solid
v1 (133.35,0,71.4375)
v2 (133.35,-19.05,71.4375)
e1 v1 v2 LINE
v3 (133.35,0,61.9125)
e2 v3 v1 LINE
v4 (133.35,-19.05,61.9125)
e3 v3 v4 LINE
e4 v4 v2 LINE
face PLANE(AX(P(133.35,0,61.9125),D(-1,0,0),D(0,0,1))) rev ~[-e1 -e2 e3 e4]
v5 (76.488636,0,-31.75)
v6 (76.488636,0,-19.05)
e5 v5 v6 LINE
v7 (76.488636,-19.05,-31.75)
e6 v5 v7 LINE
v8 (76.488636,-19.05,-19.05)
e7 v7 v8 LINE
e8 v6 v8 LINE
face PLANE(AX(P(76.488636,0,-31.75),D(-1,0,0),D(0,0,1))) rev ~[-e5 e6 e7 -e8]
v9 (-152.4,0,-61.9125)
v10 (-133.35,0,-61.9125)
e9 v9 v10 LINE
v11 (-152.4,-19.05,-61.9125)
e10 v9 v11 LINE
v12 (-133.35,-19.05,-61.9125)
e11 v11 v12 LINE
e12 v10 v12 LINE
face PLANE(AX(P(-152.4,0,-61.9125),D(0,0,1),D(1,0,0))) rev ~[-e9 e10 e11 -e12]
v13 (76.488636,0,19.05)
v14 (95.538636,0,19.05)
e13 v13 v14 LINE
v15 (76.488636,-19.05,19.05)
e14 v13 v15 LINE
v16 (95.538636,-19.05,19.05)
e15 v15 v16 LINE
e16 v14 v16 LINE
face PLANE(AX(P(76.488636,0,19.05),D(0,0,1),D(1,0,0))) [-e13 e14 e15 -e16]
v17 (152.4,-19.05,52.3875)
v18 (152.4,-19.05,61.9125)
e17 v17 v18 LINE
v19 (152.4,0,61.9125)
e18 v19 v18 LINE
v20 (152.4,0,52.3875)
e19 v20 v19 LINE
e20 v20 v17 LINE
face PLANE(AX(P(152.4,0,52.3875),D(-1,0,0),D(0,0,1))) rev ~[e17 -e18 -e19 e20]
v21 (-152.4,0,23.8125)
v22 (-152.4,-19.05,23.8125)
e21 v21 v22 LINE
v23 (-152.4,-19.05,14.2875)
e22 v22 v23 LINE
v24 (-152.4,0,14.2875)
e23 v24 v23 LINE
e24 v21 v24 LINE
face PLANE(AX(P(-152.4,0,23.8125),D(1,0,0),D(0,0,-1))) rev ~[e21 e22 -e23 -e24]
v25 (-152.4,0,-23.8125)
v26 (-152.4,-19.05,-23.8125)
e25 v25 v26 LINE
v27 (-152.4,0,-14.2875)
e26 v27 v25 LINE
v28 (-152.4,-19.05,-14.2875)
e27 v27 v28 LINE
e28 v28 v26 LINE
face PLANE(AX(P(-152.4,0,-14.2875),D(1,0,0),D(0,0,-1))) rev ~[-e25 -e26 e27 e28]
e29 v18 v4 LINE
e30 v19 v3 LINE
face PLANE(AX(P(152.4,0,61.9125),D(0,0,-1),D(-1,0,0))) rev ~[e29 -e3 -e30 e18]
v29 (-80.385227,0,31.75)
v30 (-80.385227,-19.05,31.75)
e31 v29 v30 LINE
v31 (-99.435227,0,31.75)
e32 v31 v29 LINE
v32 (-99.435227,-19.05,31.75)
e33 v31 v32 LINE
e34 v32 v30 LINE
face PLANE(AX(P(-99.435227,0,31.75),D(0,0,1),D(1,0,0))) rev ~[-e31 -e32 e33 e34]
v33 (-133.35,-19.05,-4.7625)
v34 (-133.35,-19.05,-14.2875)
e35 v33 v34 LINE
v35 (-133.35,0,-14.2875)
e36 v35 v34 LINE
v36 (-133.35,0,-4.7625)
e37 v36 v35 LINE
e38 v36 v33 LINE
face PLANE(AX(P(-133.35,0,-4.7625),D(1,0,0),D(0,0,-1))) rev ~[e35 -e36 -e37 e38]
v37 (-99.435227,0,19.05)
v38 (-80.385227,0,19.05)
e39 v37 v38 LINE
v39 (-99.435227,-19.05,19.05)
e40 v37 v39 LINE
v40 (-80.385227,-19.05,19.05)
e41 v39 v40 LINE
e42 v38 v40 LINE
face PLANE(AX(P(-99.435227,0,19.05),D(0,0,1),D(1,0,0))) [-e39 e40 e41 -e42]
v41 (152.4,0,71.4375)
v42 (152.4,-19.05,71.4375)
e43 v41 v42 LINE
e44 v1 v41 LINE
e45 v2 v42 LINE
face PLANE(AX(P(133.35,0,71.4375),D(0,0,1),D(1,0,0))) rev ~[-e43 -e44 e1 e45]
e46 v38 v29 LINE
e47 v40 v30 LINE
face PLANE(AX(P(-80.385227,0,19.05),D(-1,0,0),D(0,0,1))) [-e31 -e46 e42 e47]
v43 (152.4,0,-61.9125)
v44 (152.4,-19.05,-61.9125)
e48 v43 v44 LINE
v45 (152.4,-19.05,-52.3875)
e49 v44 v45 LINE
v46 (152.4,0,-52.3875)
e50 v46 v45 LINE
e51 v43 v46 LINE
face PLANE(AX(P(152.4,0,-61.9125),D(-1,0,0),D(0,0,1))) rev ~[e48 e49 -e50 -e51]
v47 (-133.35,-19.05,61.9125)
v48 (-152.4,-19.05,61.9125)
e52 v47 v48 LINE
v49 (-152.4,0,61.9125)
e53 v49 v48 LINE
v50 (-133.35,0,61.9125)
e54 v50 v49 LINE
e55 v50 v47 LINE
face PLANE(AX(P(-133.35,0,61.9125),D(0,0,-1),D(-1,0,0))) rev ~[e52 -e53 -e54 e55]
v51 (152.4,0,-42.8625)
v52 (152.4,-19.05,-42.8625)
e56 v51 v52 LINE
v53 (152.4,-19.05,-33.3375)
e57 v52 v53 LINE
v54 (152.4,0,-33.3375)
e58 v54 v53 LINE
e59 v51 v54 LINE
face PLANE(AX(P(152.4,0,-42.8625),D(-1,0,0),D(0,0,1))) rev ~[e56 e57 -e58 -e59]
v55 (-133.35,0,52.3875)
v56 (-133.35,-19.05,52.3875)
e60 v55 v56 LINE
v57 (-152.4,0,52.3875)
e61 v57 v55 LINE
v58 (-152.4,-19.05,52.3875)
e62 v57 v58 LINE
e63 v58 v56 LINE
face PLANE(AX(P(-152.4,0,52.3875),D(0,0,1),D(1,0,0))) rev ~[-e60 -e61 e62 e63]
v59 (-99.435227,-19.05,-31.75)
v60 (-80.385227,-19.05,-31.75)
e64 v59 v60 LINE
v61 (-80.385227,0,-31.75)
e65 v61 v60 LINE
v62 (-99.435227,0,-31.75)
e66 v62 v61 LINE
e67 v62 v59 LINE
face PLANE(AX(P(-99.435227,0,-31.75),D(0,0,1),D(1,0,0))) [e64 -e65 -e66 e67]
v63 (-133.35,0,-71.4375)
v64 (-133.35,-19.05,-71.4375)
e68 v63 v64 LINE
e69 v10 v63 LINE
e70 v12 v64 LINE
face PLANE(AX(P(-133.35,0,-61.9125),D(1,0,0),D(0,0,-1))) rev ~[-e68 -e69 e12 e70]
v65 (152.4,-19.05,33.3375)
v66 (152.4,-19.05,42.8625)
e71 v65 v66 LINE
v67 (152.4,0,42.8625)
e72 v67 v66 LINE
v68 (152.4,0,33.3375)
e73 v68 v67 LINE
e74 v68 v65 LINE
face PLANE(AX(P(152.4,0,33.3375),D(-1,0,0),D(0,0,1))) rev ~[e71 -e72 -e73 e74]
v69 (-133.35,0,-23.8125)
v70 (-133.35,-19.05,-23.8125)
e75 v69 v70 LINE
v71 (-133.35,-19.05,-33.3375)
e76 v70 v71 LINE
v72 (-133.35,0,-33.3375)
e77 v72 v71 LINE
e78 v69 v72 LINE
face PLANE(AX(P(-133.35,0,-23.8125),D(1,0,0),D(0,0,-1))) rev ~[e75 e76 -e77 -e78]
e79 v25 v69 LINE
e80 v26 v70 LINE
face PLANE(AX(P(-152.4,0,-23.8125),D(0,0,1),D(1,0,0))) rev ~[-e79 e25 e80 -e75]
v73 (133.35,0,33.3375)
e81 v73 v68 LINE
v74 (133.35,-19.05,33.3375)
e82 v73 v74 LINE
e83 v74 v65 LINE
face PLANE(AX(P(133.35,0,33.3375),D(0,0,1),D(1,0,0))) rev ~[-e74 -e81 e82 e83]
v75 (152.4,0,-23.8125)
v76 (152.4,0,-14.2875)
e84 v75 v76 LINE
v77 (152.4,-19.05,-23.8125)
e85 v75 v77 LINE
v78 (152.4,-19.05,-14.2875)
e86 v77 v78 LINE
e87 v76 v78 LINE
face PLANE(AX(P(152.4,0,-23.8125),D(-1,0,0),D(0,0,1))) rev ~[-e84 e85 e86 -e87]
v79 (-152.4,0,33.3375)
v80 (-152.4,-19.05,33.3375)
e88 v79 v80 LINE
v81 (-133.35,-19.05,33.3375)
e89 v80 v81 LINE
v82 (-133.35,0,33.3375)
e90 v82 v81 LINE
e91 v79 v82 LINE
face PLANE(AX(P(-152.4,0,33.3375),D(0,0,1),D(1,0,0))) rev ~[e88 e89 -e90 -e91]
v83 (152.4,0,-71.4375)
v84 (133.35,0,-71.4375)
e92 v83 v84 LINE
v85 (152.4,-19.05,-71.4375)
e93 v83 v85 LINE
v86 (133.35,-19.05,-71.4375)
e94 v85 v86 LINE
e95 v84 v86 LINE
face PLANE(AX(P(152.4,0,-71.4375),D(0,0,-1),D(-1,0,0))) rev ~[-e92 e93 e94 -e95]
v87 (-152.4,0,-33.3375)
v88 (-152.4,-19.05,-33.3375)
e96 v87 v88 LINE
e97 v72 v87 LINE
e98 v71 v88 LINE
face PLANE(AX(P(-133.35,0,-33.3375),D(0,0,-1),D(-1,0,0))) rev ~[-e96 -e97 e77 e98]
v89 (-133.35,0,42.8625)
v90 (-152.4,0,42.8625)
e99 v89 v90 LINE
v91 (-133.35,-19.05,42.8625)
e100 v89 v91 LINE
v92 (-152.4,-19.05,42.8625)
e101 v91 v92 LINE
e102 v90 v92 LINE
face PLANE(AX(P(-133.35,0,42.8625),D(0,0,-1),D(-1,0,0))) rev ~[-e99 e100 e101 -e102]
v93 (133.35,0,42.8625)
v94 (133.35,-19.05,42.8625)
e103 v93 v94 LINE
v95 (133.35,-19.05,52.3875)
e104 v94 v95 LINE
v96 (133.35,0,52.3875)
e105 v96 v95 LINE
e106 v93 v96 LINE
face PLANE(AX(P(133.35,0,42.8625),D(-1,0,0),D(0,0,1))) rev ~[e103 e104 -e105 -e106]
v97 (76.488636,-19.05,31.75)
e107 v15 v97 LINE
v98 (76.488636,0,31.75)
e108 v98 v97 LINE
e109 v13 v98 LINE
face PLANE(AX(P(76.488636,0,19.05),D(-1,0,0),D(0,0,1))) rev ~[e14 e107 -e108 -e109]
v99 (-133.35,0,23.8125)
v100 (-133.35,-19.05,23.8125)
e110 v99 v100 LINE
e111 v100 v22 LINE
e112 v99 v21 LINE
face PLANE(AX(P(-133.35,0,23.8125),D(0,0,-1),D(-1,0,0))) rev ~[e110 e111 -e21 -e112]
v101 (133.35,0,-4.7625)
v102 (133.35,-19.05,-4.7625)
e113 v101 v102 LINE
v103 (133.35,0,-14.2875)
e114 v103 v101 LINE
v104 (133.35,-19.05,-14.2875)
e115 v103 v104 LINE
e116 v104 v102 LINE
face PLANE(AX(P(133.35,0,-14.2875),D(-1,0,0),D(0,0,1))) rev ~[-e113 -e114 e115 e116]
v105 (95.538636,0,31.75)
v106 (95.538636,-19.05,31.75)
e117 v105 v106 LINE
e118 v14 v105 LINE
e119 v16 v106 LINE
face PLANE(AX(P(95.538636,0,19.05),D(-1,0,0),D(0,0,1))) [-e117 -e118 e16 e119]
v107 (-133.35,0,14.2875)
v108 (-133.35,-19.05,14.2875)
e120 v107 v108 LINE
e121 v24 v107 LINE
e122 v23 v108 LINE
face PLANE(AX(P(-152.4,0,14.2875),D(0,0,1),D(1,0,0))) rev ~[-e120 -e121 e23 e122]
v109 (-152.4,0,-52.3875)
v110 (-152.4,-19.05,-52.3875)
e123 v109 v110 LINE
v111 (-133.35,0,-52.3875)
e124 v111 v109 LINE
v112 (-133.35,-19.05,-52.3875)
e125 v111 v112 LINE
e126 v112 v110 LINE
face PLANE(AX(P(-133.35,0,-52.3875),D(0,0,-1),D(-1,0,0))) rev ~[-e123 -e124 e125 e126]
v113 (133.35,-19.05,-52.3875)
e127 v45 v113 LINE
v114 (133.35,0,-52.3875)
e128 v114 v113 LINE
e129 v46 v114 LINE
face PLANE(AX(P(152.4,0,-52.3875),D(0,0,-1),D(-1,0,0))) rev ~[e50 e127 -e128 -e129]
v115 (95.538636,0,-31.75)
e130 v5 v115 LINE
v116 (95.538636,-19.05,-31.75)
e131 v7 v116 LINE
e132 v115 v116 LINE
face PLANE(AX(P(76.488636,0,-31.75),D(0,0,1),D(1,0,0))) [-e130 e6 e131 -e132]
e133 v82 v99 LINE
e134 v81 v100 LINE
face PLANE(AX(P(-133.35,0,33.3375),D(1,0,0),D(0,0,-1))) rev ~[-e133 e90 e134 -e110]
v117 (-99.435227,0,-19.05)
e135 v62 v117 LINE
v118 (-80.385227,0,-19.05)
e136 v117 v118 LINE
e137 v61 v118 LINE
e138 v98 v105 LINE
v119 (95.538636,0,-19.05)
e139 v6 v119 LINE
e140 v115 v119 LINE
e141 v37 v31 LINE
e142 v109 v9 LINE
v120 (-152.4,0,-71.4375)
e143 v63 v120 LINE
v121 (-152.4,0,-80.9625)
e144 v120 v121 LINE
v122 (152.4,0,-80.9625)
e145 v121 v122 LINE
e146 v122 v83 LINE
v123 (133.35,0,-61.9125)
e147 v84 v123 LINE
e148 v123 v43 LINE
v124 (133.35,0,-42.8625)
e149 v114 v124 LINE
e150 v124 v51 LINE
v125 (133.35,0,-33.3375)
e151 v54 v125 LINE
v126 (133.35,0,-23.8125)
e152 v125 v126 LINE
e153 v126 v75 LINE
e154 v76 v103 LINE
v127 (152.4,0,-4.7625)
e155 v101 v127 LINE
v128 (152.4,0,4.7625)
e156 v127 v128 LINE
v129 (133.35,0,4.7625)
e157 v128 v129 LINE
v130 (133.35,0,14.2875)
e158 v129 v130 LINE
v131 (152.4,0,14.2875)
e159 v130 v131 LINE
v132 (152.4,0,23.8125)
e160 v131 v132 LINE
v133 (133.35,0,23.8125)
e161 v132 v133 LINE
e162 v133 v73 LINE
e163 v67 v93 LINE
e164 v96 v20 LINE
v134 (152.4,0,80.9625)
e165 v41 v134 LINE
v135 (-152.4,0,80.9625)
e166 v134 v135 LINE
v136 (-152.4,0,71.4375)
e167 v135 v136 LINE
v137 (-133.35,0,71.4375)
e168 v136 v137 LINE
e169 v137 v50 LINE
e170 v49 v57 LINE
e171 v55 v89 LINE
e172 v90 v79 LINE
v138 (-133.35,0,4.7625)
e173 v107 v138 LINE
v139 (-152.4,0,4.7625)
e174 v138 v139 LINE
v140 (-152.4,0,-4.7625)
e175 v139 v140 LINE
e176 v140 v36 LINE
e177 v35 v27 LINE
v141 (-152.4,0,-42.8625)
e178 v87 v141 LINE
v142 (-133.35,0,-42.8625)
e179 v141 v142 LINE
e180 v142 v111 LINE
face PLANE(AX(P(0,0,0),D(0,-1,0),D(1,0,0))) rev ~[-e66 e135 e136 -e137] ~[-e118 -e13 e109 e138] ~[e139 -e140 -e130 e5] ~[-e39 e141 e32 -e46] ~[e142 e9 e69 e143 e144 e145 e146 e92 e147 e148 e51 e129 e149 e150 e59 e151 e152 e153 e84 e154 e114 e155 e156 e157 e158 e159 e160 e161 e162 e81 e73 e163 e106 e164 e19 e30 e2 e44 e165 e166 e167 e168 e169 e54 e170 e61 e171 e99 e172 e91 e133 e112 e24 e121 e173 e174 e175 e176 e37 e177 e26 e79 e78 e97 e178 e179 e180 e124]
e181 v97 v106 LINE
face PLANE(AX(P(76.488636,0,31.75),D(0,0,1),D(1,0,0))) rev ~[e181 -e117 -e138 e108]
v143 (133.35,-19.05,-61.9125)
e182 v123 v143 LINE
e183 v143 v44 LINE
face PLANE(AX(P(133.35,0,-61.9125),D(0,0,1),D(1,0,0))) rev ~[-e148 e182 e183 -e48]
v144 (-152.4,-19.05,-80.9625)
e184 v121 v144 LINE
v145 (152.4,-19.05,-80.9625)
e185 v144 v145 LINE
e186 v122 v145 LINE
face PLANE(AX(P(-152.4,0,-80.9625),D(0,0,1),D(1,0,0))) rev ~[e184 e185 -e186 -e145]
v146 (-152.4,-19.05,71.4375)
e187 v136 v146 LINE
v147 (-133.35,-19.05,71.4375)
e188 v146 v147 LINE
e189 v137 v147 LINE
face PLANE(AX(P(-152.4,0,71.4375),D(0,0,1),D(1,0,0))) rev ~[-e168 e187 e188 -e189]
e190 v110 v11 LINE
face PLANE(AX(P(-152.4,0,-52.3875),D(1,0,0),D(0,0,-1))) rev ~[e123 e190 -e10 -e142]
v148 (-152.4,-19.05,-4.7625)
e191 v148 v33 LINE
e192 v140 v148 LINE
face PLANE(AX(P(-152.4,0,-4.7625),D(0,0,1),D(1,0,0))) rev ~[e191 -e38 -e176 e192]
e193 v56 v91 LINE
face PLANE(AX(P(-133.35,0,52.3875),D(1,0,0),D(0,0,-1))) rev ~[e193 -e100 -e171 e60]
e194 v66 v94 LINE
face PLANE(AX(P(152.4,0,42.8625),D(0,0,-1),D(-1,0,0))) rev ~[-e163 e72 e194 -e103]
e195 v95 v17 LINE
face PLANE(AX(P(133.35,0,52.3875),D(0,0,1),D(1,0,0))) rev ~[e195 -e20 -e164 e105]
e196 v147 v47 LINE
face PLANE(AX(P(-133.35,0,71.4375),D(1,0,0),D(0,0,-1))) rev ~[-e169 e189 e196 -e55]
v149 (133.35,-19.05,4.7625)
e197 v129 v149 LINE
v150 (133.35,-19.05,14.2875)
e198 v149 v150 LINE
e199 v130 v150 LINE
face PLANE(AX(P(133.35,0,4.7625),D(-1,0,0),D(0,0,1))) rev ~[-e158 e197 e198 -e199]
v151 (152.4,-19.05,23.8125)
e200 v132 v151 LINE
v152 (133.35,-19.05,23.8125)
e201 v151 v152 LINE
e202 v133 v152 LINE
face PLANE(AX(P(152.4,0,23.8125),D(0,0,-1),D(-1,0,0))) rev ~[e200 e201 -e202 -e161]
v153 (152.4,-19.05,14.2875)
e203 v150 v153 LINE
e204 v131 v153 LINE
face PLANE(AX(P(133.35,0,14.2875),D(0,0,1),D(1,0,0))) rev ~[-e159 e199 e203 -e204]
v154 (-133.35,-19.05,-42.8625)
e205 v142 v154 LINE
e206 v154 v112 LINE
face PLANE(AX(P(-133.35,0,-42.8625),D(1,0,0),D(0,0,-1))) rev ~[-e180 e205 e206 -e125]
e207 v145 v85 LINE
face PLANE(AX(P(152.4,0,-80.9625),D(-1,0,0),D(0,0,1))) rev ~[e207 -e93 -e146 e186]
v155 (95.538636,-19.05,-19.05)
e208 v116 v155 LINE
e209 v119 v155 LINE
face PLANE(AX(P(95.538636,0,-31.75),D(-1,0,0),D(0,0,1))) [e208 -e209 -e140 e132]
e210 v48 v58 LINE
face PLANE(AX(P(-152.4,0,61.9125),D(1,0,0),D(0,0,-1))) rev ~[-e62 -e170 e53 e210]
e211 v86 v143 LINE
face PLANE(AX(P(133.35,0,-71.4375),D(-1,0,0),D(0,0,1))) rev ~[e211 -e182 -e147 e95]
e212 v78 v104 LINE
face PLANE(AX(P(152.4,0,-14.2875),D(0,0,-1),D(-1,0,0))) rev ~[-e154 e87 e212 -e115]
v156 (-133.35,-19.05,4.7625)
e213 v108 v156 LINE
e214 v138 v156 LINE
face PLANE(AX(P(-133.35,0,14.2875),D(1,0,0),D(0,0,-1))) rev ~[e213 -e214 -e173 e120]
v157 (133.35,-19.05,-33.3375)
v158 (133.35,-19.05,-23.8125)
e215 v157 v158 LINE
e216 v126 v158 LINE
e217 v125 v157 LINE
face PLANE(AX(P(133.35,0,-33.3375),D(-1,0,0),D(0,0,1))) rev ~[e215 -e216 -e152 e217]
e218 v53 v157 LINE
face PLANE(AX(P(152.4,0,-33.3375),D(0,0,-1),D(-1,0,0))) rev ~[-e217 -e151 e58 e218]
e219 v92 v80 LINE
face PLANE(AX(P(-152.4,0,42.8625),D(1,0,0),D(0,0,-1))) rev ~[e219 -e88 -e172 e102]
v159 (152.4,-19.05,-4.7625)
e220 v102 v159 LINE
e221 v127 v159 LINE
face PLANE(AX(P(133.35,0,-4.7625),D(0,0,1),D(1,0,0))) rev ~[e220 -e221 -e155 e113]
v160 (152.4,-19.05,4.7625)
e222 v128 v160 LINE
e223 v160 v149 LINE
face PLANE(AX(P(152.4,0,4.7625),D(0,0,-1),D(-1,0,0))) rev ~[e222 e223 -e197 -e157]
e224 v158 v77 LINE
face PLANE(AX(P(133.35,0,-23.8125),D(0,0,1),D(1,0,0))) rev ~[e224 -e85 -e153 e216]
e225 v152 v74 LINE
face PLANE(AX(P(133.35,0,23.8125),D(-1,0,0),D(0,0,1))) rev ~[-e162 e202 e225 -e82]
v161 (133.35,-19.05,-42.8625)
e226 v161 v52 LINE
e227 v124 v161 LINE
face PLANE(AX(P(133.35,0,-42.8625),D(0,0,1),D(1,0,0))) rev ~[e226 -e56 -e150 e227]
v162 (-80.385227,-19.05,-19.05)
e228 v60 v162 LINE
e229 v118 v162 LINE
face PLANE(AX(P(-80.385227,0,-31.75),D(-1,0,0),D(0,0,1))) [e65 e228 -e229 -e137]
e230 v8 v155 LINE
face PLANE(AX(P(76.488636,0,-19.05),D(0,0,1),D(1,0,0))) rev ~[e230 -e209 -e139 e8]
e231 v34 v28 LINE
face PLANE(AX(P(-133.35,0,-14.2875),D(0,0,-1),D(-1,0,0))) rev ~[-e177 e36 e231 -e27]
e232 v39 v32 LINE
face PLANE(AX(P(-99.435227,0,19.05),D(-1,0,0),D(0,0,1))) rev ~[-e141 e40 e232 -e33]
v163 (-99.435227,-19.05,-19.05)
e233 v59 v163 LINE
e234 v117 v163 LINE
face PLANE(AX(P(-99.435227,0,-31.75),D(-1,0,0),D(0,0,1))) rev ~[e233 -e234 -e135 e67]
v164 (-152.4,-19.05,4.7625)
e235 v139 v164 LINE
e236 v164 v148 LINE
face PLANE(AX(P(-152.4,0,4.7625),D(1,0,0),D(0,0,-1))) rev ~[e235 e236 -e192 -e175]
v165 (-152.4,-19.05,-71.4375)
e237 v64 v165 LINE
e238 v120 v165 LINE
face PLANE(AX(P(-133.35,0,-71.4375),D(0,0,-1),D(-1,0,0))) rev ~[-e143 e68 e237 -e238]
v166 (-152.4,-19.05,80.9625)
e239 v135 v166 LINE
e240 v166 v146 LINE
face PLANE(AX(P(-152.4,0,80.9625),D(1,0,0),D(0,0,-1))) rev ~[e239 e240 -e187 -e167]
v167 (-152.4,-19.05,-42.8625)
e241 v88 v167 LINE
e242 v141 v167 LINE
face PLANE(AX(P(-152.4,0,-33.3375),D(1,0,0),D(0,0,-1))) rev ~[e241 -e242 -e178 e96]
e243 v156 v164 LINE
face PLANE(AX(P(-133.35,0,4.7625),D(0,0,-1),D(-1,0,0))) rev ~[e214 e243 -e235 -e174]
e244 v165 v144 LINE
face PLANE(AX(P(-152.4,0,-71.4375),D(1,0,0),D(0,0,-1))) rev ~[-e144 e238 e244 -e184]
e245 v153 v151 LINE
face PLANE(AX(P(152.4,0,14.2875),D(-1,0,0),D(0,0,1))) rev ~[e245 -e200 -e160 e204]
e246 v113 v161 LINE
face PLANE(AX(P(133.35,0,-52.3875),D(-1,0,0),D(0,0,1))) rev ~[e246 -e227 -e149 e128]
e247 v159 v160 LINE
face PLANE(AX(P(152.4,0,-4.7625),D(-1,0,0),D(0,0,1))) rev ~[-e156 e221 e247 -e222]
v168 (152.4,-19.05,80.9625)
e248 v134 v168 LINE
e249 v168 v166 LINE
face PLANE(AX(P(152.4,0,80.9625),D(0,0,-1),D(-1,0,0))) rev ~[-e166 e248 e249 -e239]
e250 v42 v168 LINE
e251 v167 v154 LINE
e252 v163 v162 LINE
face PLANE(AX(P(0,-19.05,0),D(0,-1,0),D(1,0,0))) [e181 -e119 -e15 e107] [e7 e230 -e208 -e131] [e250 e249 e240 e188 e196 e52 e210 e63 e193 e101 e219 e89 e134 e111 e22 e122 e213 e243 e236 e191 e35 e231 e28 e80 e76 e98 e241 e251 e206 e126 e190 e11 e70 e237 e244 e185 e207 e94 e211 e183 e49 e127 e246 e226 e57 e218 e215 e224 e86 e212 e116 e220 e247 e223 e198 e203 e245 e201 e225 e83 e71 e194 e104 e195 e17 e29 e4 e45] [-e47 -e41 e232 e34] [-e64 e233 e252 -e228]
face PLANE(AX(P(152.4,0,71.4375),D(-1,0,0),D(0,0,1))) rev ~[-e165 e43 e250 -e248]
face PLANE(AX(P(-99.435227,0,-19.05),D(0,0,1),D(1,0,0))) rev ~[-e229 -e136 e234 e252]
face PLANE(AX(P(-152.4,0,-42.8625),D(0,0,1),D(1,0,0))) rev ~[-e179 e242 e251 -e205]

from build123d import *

# Parameters (mm, degrees)
F0_W     = 19.05
F0_H     = 12.7
F1_DEPTH = 19.05


with BuildPart() as f1:
    # F0 (on Front) → F1 (new body)
    with BuildSketch(Plane.XZ):
        Polygon((-152.4, -80.9625), (0, -80.9625), (152.4, -80.9625), (152.4, -71.4375), (133.35, -71.4375), (133.35, -61.9125), (152.4, -61.9125), (152.4, -52.3875), (133.35, -52.3875), (133.35, -42.8625), (152.4, -42.8625), (152.4, -33.3375), (133.35, -33.3375), (133.35, -23.8125), (152.4, -23.8125), (152.4, -14.2875), (133.35, -14.2875), (133.35, -4.7625), (152.4, -4.7625), (152.4, 4.7625), (133.35, 4.7625), (133.35, 14.2875), (152.4, 14.2875), (152.4, 23.8125), (133.35, 23.8125), (133.35, 33.3375), (152.4, 33.3375), (152.4, 42.8625), (133.35, 42.8625), (133.35, 52.3875), (152.4, 52.3875), (152.4, 61.9125), (133.35, 61.9125), (133.35, 71.4375), (152.4, 71.4375), (152.4, 80.9625), (-152.4, 80.9625), (-152.4, 71.4375), (-133.35, 71.4375), (-133.35, 61.9125), (-152.4, 61.9125), (-152.4, 52.3875), (-133.35, 52.3875), (-133.35, 42.8625), (-152.4, 42.8625), (-152.4, 33.3375), (-133.35, 33.3375), (-133.35, 23.8125), (-152.4, 23.8125), (-152.4, 14.2875), (-133.35, 14.2875), (-133.35, 4.7625), (-152.4, 4.7625), (-152.4, -4.7625), (-133.35, -4.7625), (-133.35, -14.2875), (-152.4, -14.2875), (-152.4, -23.8125), (-133.35, -23.8125), (-133.35, -33.3375), (-152.4, -33.3375), (-152.4, -42.8625), (-133.35, -42.8625), (-133.35, -52.3875), (-152.4, -52.3875), (-152.4, -61.9125), (-133.35, -61.9125), (-133.35, -71.4375), (-152.4, -71.4375), align=None)
        with Locations((-89.910227, -25.4)):
            Rectangle(F0_W, F0_H, mode=Mode.SUBTRACT)
        with Locations((86.013636, -25.4)):
            Rectangle(F0_W, F0_H, mode=Mode.SUBTRACT)
        with Locations((-89.910227, 25.4)):
            Rectangle(F0_W, F0_H, mode=Mode.SUBTRACT)
        with Locations((86.013636, 25.4)):
            Rectangle(F0_W, F0_H, mode=Mode.SUBTRACT)
    extrude(amount=F1_DEPTH)


solid = f1.part
